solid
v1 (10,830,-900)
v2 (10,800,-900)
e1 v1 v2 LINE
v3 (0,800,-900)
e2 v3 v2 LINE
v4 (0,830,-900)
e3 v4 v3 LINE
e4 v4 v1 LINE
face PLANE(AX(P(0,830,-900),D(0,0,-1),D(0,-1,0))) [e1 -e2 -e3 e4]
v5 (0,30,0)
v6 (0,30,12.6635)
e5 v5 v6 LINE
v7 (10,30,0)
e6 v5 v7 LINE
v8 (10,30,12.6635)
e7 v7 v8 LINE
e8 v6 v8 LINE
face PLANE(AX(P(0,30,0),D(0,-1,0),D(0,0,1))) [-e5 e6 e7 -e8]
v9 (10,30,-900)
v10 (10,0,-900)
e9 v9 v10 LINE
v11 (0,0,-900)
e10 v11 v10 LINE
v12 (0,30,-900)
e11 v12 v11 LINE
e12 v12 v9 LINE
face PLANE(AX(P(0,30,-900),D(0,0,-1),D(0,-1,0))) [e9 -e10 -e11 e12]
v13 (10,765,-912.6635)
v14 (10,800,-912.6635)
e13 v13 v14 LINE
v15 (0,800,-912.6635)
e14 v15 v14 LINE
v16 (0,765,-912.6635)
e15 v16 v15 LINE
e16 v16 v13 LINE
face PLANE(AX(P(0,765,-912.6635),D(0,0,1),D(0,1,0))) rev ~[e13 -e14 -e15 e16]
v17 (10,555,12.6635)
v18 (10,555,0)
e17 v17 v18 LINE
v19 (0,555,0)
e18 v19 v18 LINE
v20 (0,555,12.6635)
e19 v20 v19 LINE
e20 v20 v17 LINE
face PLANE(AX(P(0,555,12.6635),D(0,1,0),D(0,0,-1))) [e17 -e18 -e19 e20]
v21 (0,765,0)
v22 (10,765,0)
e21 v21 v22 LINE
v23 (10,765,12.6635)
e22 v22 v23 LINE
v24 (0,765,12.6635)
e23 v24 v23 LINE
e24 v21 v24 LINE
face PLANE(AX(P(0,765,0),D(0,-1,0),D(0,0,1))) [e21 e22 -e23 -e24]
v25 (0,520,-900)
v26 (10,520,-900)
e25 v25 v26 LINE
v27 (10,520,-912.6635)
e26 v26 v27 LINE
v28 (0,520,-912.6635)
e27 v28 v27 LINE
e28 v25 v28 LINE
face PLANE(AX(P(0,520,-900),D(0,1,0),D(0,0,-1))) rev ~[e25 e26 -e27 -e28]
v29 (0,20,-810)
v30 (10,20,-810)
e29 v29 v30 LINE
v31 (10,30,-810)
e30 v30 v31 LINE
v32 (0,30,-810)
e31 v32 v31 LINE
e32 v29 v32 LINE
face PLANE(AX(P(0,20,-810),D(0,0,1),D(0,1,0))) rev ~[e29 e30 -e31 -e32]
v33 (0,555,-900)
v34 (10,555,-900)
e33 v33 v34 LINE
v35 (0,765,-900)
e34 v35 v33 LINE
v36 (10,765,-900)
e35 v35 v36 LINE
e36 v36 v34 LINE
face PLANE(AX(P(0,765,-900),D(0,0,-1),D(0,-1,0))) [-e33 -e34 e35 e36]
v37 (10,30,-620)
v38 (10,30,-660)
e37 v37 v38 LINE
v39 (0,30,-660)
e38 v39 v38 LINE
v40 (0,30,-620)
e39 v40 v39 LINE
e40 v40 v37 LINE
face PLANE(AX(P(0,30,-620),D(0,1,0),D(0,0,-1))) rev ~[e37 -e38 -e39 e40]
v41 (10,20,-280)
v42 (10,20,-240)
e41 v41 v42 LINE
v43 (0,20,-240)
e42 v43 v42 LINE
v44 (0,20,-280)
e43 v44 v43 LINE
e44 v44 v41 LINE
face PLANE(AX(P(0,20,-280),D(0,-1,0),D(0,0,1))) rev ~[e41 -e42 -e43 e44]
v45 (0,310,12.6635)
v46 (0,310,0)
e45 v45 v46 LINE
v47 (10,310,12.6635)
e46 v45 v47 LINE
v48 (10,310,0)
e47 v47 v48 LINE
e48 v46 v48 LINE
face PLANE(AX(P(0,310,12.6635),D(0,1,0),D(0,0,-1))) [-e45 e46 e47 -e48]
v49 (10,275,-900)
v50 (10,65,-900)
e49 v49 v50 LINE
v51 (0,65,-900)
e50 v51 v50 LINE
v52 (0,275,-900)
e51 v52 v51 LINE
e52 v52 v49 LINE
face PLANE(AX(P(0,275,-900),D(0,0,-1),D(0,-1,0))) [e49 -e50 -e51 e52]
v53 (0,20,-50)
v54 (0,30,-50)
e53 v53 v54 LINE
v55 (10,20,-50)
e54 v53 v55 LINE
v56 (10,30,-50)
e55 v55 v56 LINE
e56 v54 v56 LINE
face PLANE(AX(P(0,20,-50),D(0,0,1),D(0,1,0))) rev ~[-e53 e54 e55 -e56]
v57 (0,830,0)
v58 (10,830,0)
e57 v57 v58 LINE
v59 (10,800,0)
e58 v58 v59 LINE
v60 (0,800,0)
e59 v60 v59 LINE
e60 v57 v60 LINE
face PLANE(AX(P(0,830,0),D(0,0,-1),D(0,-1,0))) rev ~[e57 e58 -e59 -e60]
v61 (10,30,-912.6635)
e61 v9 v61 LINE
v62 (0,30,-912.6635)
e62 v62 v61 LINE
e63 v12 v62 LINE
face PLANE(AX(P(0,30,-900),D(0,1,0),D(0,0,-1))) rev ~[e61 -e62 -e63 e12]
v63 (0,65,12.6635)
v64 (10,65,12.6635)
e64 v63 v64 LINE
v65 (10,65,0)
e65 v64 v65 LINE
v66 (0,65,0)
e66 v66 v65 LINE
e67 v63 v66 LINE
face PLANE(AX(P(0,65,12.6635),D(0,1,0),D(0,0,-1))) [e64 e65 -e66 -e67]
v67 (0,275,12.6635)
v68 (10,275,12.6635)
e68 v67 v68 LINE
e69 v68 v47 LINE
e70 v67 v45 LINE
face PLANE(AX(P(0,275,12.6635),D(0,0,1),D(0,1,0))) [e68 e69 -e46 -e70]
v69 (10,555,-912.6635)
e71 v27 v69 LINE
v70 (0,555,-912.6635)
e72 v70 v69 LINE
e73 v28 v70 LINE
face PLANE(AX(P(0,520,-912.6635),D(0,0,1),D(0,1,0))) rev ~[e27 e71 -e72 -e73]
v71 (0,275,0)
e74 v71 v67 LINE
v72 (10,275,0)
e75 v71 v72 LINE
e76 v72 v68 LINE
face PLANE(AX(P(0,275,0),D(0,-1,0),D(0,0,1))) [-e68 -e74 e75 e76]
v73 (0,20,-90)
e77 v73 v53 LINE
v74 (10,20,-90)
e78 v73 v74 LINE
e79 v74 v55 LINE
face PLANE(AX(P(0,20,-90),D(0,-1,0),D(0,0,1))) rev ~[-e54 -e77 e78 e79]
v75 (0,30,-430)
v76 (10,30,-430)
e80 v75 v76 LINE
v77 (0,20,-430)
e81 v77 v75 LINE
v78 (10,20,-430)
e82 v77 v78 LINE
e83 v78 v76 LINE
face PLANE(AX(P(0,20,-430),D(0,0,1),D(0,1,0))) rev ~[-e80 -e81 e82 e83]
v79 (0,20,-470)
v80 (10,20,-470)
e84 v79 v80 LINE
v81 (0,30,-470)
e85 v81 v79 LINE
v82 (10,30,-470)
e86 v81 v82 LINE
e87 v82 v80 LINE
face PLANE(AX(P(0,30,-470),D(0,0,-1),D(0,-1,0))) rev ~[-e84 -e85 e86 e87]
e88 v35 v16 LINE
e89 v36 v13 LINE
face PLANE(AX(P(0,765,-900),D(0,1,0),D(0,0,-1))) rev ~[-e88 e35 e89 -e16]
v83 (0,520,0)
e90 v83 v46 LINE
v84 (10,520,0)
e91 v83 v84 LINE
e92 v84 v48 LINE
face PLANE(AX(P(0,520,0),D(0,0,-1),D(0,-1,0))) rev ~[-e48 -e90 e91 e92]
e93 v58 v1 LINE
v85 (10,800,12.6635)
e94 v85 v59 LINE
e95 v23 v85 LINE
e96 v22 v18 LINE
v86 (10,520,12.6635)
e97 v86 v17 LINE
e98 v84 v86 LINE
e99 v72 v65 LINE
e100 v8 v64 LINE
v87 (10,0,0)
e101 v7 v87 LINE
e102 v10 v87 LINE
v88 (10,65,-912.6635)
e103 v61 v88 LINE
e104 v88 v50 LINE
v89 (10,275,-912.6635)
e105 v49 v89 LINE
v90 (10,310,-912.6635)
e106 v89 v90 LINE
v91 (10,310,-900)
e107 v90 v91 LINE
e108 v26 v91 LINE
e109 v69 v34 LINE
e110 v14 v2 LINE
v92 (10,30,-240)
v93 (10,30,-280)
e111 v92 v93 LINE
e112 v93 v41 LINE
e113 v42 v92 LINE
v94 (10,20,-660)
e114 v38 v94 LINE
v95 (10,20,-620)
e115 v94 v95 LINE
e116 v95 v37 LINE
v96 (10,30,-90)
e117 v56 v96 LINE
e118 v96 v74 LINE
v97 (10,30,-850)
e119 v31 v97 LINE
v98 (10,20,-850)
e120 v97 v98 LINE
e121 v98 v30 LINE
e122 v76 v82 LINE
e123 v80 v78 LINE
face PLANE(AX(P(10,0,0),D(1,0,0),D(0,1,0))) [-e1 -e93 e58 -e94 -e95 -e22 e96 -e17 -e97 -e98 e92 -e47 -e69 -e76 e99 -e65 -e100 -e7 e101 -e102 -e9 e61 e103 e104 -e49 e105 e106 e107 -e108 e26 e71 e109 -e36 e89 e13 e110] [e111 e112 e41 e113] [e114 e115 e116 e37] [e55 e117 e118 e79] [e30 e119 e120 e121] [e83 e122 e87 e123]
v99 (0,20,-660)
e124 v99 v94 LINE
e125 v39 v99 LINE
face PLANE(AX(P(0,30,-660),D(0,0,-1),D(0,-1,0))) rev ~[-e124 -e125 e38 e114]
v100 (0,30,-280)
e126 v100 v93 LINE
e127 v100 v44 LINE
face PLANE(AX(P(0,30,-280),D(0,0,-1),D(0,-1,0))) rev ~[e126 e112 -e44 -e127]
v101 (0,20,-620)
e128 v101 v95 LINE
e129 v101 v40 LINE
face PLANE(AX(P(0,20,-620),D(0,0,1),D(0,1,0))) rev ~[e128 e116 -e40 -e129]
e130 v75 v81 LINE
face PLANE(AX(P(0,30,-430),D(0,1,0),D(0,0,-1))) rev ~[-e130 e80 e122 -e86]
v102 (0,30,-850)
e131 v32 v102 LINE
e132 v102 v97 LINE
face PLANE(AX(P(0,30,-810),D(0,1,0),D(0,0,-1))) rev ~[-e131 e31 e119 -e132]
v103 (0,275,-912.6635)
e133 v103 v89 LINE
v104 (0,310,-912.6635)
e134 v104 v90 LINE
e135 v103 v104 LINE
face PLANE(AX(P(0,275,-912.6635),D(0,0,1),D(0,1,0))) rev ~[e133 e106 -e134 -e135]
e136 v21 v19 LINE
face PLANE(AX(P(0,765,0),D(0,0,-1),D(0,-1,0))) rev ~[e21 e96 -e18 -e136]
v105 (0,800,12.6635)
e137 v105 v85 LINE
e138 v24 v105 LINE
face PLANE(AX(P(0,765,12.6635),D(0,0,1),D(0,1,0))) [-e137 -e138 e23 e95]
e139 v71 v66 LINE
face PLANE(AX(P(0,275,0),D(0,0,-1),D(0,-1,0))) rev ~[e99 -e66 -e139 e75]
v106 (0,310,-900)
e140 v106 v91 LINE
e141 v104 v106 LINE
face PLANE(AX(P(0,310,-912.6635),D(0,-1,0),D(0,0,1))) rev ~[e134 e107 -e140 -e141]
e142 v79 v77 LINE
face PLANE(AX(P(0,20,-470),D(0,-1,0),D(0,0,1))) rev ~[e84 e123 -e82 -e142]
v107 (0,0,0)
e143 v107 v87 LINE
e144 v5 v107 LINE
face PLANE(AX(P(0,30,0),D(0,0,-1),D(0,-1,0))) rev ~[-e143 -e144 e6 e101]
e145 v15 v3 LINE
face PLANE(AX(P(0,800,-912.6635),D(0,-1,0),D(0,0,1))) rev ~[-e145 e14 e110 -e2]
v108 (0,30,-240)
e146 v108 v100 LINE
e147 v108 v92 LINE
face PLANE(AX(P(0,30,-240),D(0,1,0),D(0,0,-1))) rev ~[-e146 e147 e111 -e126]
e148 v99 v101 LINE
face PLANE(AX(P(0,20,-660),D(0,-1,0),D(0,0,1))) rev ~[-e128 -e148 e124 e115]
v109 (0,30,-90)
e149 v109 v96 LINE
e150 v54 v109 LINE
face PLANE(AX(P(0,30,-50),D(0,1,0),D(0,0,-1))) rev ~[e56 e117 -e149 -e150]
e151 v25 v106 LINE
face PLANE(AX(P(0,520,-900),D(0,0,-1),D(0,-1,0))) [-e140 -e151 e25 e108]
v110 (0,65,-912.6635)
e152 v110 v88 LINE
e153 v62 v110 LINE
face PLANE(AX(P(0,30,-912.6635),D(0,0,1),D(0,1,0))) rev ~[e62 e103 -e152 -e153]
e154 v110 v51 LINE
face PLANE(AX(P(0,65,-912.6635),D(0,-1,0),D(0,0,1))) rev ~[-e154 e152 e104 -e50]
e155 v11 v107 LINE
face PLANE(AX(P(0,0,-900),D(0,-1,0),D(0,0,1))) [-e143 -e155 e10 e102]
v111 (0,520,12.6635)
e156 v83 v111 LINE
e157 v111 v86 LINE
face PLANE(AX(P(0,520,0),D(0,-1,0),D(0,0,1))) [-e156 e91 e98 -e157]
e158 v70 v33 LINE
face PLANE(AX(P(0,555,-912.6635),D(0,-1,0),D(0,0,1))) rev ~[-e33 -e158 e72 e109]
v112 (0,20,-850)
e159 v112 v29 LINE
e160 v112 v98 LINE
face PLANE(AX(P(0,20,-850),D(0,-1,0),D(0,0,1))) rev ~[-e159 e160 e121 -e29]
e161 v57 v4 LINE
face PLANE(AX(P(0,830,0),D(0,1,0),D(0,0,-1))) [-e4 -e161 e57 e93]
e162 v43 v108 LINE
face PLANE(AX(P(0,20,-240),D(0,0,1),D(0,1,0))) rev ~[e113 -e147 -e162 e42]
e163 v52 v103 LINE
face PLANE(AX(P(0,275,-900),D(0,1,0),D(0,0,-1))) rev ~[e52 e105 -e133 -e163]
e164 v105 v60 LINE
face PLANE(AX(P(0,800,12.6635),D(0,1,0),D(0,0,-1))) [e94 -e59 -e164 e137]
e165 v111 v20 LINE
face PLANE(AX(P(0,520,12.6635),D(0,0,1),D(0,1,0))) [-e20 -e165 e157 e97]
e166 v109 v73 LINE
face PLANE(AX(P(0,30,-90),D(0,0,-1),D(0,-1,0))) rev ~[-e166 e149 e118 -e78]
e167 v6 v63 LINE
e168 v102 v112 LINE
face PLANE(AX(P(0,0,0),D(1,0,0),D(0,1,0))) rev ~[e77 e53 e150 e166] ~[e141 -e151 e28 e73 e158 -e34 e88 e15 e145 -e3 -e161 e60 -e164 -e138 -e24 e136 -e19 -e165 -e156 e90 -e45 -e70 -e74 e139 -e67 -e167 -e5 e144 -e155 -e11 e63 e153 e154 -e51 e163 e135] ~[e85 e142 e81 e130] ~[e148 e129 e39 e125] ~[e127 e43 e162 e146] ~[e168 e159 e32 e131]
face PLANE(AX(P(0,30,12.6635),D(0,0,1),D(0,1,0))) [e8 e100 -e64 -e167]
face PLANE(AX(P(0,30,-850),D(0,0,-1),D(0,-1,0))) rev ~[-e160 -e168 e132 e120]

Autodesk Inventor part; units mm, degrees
ref_plane "YZ Plane" through (0, 0, 0) normal (1, 0, 0) x (0, 1, 0)
ref_plane "XZ Plane" through (0, 0, 0) normal (0, 1, 0) x (-1, 0, 0)
ref_plane "XY Plane" through (0, 0, 0) normal (0, 0, 1) x (1, 0, 0)
sketch "Sketch1" plane through (0, 0, 0) normal (1, 0, 0) x (0, 1, 0)
  line L0 (0, 0) -> (830, 0) construction
  line L1 (830, 0) -> (830, -900)
  line L2 (830, -900) -> (0, -900) construction
  line L3 (0, -900) -> (0, 0)
  line L4 (800, 0) -> (765, 0) construction
  line L5 (765, 0) -> (765, 12.6635)
  line L6 (765, 12.6635) -> (800, 12.6635)
  line L7 (800, 12.6635) -> (800, 0)
  line L8 (555, 0) -> (520, 0) construction
  line L9 (520, 0) -> (520, 12.6635)
  line L10 (520, 12.6635) -> (555, 12.6635)
  line L11 (555, 12.6635) -> (555, 0)
  line L12 (310, 0) -> (275, 0) construction
  line L13 (275, 0) -> (275, 12.6635)
  line L14 (275, 12.6635) -> (310, 12.6635)
  line L15 (310, 12.6635) -> (310, 0)
  line L16 (65, 0) -> (30, 0) construction
  line L17 (30, 0) -> (30, 12.6635)
  line L18 (30, 12.6635) -> (65, 12.6635)
  line L19 (65, 12.6635) -> (65, 0)
  line L20 (830, -450) -> (0, -450) construction
  line L21 (800, -900) -> (765, -900) construction
  line L22 (765, -900) -> (765, -912.6635)
  line L23 (765, -912.6635) -> (800, -912.6635)
  line L24 (800, -912.6635) -> (800, -900)
  line L25 (555, -900) -> (520, -900) construction
  line L26 (520, -900) -> (520, -912.6635)
  line L27 (520, -912.6635) -> (555, -912.6635)
  line L28 (555, -912.6635) -> (555, -900)
  line L29 (310, -900) -> (275, -900) construction
  line L30 (275, -900) -> (275, -912.6635)
  line L31 (275, -912.6635) -> (310, -912.6635)
  line L32 (310, -912.6635) -> (310, -900)
  line L33 (65, -900) -> (30, -900) construction
  line L34 (30, -900) -> (30, -912.6635)
  line L35 (30, -912.6635) -> (65, -912.6635)
  line L36 (65, -912.6635) -> (65, -900)
  line L37 (830, -900) -> (800, -900)
  line L38 (765, -900) -> (555, -900)
  line L39 (520, -900) -> (310, -900)
  line L40 (275, -900) -> (65, -900)
  line L41 (30, -900) -> (0, -900)
  line L42 (830, 0) -> (800, 0)
  line L43 (765, 0) -> (555, 0)
  line L44 (520, 0) -> (310, 0)
  line L45 (275, 0) -> (65, 0)
  line L46 (30, 0) -> (0, 0)
  line L47 (20, -50) -> (30, -50)
  line L48 (30, -50) -> (30, -90)
  line L49 (30, -90) -> (20, -90)
  line L50 (20, -90) -> (20, -50)
  line L51 (20, -240) -> (30, -240)
  line L52 (30, -240) -> (30, -280)
  line L53 (30, -280) -> (20, -280)
  line L54 (20, -280) -> (20, -240)
  line L55 (20, -430) -> (30, -430)
  line L56 (30, -430) -> (30, -470)
  line L57 (30, -470) -> (20, -470)
  line L58 (20, -470) -> (20, -430)
  line L59 (20, -620) -> (30, -620)
  line L60 (30, -620) -> (30, -660)
  line L61 (30, -660) -> (20, -660)
  line L62 (20, -660) -> (20, -620)
  line L63 (20, -810) -> (30, -810)
  line L64 (30, -810) -> (30, -850)
  line L65 (30, -850) -> (20, -850)
  line L66 (20, -850) -> (20, -810)
  dimension "d0" = 900
  dimension "d1" = 830
  dimension "d2" = 35
  dimension "d3" = 30
  dimension "d4" = 210
  dimension "d5" = 210
  dimension "d6" = 210
  dimension "d7" = 30
  dimension "d11" = 40
  dimension "d12" = 10
  dimension "d15" = 40
  dimension "d16" = 10
  dimension "d17" = 40
  dimension "d18" = 10
  dimension "d19" = 40
  dimension "d20" = 10
  dimension "d21" = 40
  dimension "d22" = 10
  dimension "d23" = 150
  dimension "d24" = 150
  dimension "d25" = 150
  dimension "d26" = 150
  dimension "d27" = 50
  dimension "d28" = 50
  dimension "d31" = 20
extrude "Extrusion3" add sketch "Sketch1" along normal blind 10
properties part number "Fundo" material "Wood (Oak)"
